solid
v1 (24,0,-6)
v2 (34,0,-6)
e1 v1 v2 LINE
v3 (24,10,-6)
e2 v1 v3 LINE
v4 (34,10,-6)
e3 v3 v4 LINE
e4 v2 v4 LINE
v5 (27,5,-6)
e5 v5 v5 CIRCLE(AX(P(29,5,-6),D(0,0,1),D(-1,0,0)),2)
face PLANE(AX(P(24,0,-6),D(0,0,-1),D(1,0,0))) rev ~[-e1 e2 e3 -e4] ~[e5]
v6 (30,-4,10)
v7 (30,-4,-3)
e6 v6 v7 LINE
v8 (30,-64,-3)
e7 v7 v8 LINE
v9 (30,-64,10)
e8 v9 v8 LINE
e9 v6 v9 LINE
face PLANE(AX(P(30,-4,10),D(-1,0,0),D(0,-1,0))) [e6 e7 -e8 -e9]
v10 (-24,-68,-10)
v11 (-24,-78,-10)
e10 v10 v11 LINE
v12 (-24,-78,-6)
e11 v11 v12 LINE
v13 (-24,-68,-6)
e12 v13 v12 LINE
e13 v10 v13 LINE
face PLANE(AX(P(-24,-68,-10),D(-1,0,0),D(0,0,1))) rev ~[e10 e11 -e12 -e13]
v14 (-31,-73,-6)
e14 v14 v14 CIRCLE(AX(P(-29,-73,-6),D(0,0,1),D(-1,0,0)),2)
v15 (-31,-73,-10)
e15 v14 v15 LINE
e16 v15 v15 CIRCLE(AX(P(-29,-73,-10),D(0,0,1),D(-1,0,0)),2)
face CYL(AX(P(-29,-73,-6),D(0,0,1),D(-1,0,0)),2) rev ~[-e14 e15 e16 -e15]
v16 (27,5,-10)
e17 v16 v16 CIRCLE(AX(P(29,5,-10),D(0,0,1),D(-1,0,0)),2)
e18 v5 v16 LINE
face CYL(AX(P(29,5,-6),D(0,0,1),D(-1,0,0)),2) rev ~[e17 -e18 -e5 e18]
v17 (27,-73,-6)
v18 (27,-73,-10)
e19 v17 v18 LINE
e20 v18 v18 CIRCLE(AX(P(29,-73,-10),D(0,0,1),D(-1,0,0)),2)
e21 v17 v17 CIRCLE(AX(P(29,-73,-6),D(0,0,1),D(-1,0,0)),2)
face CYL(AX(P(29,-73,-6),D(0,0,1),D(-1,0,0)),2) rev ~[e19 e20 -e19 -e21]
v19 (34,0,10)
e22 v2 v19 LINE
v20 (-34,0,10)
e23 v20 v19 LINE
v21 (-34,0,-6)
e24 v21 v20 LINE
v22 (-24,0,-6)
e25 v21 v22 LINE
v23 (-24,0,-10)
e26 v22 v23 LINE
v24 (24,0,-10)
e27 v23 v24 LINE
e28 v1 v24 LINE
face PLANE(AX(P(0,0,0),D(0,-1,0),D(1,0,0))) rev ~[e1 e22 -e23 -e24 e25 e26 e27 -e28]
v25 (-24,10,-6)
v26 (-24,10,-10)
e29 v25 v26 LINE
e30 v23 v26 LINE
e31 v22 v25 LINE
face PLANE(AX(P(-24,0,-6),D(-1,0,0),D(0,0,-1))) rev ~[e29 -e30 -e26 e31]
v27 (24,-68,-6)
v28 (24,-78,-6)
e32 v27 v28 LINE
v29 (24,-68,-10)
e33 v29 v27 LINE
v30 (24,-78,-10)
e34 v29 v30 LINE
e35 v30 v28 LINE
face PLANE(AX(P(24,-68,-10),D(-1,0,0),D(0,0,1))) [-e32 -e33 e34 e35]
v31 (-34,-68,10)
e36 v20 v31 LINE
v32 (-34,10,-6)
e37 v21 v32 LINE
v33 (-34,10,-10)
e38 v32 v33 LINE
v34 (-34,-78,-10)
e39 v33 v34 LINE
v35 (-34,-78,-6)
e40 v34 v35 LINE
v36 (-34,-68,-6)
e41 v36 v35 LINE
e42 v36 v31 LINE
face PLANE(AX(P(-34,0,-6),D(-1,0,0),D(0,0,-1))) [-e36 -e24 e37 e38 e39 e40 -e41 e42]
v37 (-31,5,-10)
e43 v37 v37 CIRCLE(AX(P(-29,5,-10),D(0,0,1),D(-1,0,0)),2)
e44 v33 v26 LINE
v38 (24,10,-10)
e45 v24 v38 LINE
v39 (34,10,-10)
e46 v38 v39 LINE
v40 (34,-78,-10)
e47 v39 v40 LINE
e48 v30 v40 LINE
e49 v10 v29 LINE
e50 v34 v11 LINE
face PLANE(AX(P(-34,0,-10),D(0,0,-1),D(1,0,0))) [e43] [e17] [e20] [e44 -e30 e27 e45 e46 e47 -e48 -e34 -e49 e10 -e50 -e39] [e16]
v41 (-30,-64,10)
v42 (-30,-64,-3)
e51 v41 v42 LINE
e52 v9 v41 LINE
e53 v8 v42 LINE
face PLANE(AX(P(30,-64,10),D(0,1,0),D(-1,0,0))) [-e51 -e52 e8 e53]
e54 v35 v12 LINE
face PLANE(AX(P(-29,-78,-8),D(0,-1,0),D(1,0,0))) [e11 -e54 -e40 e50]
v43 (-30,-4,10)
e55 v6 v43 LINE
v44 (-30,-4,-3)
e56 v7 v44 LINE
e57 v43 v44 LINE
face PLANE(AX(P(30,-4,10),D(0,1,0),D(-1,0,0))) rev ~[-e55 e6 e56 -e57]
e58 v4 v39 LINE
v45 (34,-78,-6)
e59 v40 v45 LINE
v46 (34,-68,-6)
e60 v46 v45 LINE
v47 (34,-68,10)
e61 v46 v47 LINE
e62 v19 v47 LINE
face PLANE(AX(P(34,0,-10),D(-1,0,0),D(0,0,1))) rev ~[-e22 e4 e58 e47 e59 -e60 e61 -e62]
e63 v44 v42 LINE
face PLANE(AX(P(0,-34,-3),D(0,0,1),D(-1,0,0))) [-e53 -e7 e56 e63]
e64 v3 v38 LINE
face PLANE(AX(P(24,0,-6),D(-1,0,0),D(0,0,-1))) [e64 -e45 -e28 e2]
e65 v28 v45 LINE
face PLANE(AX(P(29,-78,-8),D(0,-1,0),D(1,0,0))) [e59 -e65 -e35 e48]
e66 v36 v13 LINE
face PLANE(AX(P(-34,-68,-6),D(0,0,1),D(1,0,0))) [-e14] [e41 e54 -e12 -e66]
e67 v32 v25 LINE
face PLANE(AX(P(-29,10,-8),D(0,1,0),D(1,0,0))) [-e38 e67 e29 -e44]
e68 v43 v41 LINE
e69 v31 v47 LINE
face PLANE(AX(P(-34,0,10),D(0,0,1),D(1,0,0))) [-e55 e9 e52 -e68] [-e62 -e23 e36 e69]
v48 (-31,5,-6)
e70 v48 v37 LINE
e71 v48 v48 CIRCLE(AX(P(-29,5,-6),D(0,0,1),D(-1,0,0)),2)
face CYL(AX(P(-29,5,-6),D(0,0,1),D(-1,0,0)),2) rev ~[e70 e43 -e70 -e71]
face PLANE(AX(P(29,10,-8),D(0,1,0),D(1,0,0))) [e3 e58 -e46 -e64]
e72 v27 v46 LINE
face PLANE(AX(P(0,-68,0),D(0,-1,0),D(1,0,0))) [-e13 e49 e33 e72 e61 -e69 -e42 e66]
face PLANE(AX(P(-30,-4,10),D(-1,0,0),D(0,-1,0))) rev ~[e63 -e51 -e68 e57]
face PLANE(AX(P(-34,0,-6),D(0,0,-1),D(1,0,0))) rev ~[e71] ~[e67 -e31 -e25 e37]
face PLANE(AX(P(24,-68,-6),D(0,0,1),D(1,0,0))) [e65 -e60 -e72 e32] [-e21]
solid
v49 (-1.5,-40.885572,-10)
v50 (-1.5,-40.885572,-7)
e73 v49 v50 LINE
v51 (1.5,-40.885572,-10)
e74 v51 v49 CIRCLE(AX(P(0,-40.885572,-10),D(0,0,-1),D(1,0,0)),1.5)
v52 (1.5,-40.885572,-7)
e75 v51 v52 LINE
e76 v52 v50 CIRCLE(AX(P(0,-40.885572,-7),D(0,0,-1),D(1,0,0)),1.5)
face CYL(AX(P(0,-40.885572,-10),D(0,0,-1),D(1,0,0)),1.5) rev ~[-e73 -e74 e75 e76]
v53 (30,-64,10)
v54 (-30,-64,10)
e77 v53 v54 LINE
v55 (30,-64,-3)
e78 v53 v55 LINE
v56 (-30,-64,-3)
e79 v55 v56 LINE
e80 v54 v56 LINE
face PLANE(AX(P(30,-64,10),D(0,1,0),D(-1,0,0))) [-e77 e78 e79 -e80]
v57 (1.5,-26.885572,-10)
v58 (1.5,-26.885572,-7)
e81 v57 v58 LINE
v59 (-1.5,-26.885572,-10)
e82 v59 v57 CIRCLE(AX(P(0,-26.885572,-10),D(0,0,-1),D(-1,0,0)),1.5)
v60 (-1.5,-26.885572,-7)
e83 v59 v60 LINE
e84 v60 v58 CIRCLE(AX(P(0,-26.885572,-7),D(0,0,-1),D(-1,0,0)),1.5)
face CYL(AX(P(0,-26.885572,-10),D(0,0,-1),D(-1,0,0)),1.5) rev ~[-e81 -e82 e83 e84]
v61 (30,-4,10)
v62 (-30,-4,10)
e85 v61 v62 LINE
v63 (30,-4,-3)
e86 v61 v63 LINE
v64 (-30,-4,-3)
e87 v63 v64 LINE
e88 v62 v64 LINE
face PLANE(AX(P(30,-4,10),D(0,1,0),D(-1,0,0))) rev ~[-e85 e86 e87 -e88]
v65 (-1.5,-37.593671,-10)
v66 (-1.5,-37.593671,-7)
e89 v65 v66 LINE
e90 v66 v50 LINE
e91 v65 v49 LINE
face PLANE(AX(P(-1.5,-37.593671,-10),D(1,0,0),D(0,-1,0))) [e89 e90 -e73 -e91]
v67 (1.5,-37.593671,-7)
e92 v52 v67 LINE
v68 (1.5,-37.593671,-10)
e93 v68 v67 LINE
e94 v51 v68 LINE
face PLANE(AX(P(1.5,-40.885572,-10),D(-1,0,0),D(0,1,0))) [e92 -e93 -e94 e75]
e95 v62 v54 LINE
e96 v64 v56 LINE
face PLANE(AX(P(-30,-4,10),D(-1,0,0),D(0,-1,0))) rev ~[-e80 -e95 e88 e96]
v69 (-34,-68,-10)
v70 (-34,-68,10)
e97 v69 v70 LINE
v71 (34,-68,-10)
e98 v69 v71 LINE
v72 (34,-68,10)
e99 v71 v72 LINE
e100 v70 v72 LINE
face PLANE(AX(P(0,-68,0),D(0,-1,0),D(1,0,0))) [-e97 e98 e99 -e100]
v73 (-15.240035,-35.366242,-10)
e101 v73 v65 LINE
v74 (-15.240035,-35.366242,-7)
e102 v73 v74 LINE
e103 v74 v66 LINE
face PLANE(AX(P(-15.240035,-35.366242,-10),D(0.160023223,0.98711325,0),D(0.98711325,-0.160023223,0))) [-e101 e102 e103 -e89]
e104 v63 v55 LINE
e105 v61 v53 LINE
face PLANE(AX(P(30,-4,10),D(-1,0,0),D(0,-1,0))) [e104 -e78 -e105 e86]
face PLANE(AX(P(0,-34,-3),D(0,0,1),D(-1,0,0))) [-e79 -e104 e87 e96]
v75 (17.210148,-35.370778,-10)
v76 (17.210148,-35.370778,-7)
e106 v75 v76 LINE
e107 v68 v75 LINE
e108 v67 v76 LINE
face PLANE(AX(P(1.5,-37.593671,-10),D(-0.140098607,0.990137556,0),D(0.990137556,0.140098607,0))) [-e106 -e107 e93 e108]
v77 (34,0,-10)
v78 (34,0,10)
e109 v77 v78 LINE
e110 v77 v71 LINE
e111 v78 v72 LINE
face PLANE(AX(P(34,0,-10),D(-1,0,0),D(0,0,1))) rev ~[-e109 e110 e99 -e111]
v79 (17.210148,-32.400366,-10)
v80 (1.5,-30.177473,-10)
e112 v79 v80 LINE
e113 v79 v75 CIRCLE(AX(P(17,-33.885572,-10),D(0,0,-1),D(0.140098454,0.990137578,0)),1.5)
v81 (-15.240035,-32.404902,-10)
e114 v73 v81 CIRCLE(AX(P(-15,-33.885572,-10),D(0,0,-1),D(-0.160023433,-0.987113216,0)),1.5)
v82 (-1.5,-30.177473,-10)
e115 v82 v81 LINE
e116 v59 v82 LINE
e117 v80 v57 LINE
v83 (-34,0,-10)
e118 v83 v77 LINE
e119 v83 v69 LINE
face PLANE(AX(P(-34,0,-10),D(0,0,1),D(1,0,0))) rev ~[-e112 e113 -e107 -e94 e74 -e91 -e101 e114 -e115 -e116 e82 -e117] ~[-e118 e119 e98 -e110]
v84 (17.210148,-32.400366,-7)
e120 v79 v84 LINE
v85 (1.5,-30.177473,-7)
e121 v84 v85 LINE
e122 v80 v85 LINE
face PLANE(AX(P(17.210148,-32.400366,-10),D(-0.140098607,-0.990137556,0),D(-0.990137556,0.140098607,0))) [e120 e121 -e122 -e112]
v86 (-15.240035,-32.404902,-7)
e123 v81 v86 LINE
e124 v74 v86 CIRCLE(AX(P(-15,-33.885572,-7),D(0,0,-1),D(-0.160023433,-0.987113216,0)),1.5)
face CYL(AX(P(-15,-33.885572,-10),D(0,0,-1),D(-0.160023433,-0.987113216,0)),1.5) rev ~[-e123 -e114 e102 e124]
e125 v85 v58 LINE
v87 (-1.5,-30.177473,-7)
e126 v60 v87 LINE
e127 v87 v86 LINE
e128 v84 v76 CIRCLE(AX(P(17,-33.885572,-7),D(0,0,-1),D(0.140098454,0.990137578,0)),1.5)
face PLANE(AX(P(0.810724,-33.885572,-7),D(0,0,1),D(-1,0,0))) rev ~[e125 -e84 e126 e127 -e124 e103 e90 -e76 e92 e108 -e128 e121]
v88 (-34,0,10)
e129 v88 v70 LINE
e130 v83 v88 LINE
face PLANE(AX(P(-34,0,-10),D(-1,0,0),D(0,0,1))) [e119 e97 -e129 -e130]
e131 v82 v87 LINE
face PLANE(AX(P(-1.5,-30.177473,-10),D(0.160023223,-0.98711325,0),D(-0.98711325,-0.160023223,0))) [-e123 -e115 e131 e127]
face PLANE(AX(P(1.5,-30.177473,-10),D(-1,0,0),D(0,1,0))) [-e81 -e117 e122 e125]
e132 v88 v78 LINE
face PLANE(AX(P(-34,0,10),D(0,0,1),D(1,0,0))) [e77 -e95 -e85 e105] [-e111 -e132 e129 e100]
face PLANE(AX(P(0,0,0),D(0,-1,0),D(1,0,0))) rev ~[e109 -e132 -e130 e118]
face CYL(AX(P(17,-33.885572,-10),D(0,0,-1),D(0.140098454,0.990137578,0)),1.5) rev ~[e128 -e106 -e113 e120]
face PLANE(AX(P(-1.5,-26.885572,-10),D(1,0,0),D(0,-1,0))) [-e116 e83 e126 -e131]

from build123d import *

# Parameters (mm, degrees)
SKETCH_W        = 68
SKETCH_H        = 20
PAD_DEPTH       = 68
SKETCH001_W     = 60
SKETCH001_H     = 60
POCKET_DEPTH    = 13
SKETCH002_W     = 10
SKETCH002_H     = 4
PAD001_DEPTH    = 10
SKETCH003_W     = 10
SKETCH003_H     = 4
PAD002_DEPTH    = 10
SKETCH004_W     = 10
SKETCH004_H     = 4
PAD003_DEPTH    = 10
SKETCH005_R     = 2
POCKET001_DEPTH = 4
SKETCH006_R     = 2
POCKET002_DEPTH = 4
SKETCH007_R     = 2
POCKET003_DEPTH = 4
SKETCH008_R     = 2
POCKET004_DEPTH = 4
POCKET005_DEPTH = 3


with BuildPart() as pocket:
    # Sketch → Pad (new body)
    with BuildSketch(Plane.XZ):
        Rectangle(SKETCH_W, SKETCH_H)
    extrude(amount=PAD_DEPTH)

    # Sketch001 → Pocket (cut)
    with BuildSketch(Plane(origin=(0, 0, 10), x_dir=(-1, 0, 0), z_dir=(0, 0, 1))):
        with Locations((0, 34)):
            Rectangle(SKETCH001_W, SKETCH001_H)
    extrude(amount=-POCKET_DEPTH, mode=Mode.SUBTRACT)


with BuildPart() as forat4:
    # Pad001 base: copy of Pocket
    add(pocket.part)

    # Sketch002 → Pad001 (new body)
    with BuildSketch(Plane.XZ.offset(68)):
        with Locations((-29, -8)):
            Rectangle(SKETCH002_W, SKETCH002_H)
        with Locations((29, -8)):
            Rectangle(SKETCH002_W, SKETCH002_H)
    extrude(amount=PAD001_DEPTH)

    # Sketch003 → Pad002 (new body)
    with BuildSketch(Plane(origin=(0, 0, 0), x_dir=(1, 0, 0), z_dir=(0, 1, 0))):
        with Locations((-29, 8)):
            Rectangle(SKETCH003_W, SKETCH003_H)
        with Locations((29, 8)):
            Rectangle(SKETCH003_W, SKETCH003_H)
    extrude(amount=PAD002_DEPTH)

    # Sketch004 → Pad003 (new body)
    with BuildSketch(Plane(origin=(0, 0, 0), x_dir=(1, 0, 0), z_dir=(0, 1, 0))):
        with Locations((29, 8)):
            Rectangle(SKETCH004_W, SKETCH004_H)
    extrude(amount=PAD003_DEPTH)

    # Sketch005 → Pocket001 (cut)
    with BuildSketch(Plane(origin=(0, 0, -6), x_dir=(-1, 0, 0), z_dir=(0, 0, 1))):
        with Locations((-29, 73)):
            Circle(SKETCH005_R)
    extrude(amount=-POCKET001_DEPTH, mode=Mode.SUBTRACT)

    # Sketch006 → Pocket002 (cut)
    with BuildSketch(Plane(origin=(0, 0, -6), x_dir=(-1, 0, 0), z_dir=(0, 0, 1))):
        with Locations((29, 73)):
            Circle(SKETCH006_R)
    extrude(amount=-POCKET002_DEPTH, mode=Mode.SUBTRACT)

    # Sketch007 → Pocket003 (cut)
    with BuildSketch(Plane(origin=(0, 0, -6), x_dir=(-1, 0, 0), z_dir=(0, 0, 1))):
        with Locations((-29, -5)):
            Circle(SKETCH007_R)
    extrude(amount=-POCKET003_DEPTH, mode=Mode.SUBTRACT)

    # Sketch008 → Pocket004 (cut)
    with BuildSketch(Plane(origin=(0, 0, -6), x_dir=(-1, 0, 0), z_dir=(0, 0, 1))):
        with Locations((29, -5)):
            Circle(SKETCH008_R)
    extrude(amount=-POCKET004_DEPTH, mode=Mode.SUBTRACT)


with BuildPart() as pocket005:
    # Pocket005 base: copy of Pocket
    add(pocket.part)

    # Sketch010 → Pocket005 (cut)
    with BuildSketch(Plane(origin=(0, 0, -10), x_dir=(1, 0, 0), z_dir=(0, 0, -1))):
        with BuildLine():
            Line((-1.5, 37.593671), (-1.5, 40.885572))
            ThreePointArc((1.5, 40.885572), (0, 42.385572), (-1.5, 40.885572))
            Line((1.5, 40.885572), (1.5, 37.593671))
            Line((1.5, 37.593671), (17.210148, 35.370778))
            ThreePointArc((17.210148, 32.400366), (18.5, 33.885572), (17.210148, 35.370778))
            Line((17.210148, 32.400366), (1.5, 30.177473))
            Line((1.5, 30.177473), (1.5, 26.885572))
            ThreePointArc((-1.5, 26.885572), (0, 25.385572), (1.5, 26.885572))
            Line((-1.5, 26.885572), (-1.5, 30.177473))
            Line((-1.5, 30.177473), (-15.240035, 32.404902))
            ThreePointArc((-15.240035, 35.366242), (-16.5, 33.885572), (-15.240035, 32.404902))
            Line((-15.240035, 35.366242), (-1.5, 37.593671))
        make_face()
    extrude(amount=-POCKET005_DEPTH, mode=Mode.SUBTRACT)


solid = Compound([forat4.part, pocket005.part])
